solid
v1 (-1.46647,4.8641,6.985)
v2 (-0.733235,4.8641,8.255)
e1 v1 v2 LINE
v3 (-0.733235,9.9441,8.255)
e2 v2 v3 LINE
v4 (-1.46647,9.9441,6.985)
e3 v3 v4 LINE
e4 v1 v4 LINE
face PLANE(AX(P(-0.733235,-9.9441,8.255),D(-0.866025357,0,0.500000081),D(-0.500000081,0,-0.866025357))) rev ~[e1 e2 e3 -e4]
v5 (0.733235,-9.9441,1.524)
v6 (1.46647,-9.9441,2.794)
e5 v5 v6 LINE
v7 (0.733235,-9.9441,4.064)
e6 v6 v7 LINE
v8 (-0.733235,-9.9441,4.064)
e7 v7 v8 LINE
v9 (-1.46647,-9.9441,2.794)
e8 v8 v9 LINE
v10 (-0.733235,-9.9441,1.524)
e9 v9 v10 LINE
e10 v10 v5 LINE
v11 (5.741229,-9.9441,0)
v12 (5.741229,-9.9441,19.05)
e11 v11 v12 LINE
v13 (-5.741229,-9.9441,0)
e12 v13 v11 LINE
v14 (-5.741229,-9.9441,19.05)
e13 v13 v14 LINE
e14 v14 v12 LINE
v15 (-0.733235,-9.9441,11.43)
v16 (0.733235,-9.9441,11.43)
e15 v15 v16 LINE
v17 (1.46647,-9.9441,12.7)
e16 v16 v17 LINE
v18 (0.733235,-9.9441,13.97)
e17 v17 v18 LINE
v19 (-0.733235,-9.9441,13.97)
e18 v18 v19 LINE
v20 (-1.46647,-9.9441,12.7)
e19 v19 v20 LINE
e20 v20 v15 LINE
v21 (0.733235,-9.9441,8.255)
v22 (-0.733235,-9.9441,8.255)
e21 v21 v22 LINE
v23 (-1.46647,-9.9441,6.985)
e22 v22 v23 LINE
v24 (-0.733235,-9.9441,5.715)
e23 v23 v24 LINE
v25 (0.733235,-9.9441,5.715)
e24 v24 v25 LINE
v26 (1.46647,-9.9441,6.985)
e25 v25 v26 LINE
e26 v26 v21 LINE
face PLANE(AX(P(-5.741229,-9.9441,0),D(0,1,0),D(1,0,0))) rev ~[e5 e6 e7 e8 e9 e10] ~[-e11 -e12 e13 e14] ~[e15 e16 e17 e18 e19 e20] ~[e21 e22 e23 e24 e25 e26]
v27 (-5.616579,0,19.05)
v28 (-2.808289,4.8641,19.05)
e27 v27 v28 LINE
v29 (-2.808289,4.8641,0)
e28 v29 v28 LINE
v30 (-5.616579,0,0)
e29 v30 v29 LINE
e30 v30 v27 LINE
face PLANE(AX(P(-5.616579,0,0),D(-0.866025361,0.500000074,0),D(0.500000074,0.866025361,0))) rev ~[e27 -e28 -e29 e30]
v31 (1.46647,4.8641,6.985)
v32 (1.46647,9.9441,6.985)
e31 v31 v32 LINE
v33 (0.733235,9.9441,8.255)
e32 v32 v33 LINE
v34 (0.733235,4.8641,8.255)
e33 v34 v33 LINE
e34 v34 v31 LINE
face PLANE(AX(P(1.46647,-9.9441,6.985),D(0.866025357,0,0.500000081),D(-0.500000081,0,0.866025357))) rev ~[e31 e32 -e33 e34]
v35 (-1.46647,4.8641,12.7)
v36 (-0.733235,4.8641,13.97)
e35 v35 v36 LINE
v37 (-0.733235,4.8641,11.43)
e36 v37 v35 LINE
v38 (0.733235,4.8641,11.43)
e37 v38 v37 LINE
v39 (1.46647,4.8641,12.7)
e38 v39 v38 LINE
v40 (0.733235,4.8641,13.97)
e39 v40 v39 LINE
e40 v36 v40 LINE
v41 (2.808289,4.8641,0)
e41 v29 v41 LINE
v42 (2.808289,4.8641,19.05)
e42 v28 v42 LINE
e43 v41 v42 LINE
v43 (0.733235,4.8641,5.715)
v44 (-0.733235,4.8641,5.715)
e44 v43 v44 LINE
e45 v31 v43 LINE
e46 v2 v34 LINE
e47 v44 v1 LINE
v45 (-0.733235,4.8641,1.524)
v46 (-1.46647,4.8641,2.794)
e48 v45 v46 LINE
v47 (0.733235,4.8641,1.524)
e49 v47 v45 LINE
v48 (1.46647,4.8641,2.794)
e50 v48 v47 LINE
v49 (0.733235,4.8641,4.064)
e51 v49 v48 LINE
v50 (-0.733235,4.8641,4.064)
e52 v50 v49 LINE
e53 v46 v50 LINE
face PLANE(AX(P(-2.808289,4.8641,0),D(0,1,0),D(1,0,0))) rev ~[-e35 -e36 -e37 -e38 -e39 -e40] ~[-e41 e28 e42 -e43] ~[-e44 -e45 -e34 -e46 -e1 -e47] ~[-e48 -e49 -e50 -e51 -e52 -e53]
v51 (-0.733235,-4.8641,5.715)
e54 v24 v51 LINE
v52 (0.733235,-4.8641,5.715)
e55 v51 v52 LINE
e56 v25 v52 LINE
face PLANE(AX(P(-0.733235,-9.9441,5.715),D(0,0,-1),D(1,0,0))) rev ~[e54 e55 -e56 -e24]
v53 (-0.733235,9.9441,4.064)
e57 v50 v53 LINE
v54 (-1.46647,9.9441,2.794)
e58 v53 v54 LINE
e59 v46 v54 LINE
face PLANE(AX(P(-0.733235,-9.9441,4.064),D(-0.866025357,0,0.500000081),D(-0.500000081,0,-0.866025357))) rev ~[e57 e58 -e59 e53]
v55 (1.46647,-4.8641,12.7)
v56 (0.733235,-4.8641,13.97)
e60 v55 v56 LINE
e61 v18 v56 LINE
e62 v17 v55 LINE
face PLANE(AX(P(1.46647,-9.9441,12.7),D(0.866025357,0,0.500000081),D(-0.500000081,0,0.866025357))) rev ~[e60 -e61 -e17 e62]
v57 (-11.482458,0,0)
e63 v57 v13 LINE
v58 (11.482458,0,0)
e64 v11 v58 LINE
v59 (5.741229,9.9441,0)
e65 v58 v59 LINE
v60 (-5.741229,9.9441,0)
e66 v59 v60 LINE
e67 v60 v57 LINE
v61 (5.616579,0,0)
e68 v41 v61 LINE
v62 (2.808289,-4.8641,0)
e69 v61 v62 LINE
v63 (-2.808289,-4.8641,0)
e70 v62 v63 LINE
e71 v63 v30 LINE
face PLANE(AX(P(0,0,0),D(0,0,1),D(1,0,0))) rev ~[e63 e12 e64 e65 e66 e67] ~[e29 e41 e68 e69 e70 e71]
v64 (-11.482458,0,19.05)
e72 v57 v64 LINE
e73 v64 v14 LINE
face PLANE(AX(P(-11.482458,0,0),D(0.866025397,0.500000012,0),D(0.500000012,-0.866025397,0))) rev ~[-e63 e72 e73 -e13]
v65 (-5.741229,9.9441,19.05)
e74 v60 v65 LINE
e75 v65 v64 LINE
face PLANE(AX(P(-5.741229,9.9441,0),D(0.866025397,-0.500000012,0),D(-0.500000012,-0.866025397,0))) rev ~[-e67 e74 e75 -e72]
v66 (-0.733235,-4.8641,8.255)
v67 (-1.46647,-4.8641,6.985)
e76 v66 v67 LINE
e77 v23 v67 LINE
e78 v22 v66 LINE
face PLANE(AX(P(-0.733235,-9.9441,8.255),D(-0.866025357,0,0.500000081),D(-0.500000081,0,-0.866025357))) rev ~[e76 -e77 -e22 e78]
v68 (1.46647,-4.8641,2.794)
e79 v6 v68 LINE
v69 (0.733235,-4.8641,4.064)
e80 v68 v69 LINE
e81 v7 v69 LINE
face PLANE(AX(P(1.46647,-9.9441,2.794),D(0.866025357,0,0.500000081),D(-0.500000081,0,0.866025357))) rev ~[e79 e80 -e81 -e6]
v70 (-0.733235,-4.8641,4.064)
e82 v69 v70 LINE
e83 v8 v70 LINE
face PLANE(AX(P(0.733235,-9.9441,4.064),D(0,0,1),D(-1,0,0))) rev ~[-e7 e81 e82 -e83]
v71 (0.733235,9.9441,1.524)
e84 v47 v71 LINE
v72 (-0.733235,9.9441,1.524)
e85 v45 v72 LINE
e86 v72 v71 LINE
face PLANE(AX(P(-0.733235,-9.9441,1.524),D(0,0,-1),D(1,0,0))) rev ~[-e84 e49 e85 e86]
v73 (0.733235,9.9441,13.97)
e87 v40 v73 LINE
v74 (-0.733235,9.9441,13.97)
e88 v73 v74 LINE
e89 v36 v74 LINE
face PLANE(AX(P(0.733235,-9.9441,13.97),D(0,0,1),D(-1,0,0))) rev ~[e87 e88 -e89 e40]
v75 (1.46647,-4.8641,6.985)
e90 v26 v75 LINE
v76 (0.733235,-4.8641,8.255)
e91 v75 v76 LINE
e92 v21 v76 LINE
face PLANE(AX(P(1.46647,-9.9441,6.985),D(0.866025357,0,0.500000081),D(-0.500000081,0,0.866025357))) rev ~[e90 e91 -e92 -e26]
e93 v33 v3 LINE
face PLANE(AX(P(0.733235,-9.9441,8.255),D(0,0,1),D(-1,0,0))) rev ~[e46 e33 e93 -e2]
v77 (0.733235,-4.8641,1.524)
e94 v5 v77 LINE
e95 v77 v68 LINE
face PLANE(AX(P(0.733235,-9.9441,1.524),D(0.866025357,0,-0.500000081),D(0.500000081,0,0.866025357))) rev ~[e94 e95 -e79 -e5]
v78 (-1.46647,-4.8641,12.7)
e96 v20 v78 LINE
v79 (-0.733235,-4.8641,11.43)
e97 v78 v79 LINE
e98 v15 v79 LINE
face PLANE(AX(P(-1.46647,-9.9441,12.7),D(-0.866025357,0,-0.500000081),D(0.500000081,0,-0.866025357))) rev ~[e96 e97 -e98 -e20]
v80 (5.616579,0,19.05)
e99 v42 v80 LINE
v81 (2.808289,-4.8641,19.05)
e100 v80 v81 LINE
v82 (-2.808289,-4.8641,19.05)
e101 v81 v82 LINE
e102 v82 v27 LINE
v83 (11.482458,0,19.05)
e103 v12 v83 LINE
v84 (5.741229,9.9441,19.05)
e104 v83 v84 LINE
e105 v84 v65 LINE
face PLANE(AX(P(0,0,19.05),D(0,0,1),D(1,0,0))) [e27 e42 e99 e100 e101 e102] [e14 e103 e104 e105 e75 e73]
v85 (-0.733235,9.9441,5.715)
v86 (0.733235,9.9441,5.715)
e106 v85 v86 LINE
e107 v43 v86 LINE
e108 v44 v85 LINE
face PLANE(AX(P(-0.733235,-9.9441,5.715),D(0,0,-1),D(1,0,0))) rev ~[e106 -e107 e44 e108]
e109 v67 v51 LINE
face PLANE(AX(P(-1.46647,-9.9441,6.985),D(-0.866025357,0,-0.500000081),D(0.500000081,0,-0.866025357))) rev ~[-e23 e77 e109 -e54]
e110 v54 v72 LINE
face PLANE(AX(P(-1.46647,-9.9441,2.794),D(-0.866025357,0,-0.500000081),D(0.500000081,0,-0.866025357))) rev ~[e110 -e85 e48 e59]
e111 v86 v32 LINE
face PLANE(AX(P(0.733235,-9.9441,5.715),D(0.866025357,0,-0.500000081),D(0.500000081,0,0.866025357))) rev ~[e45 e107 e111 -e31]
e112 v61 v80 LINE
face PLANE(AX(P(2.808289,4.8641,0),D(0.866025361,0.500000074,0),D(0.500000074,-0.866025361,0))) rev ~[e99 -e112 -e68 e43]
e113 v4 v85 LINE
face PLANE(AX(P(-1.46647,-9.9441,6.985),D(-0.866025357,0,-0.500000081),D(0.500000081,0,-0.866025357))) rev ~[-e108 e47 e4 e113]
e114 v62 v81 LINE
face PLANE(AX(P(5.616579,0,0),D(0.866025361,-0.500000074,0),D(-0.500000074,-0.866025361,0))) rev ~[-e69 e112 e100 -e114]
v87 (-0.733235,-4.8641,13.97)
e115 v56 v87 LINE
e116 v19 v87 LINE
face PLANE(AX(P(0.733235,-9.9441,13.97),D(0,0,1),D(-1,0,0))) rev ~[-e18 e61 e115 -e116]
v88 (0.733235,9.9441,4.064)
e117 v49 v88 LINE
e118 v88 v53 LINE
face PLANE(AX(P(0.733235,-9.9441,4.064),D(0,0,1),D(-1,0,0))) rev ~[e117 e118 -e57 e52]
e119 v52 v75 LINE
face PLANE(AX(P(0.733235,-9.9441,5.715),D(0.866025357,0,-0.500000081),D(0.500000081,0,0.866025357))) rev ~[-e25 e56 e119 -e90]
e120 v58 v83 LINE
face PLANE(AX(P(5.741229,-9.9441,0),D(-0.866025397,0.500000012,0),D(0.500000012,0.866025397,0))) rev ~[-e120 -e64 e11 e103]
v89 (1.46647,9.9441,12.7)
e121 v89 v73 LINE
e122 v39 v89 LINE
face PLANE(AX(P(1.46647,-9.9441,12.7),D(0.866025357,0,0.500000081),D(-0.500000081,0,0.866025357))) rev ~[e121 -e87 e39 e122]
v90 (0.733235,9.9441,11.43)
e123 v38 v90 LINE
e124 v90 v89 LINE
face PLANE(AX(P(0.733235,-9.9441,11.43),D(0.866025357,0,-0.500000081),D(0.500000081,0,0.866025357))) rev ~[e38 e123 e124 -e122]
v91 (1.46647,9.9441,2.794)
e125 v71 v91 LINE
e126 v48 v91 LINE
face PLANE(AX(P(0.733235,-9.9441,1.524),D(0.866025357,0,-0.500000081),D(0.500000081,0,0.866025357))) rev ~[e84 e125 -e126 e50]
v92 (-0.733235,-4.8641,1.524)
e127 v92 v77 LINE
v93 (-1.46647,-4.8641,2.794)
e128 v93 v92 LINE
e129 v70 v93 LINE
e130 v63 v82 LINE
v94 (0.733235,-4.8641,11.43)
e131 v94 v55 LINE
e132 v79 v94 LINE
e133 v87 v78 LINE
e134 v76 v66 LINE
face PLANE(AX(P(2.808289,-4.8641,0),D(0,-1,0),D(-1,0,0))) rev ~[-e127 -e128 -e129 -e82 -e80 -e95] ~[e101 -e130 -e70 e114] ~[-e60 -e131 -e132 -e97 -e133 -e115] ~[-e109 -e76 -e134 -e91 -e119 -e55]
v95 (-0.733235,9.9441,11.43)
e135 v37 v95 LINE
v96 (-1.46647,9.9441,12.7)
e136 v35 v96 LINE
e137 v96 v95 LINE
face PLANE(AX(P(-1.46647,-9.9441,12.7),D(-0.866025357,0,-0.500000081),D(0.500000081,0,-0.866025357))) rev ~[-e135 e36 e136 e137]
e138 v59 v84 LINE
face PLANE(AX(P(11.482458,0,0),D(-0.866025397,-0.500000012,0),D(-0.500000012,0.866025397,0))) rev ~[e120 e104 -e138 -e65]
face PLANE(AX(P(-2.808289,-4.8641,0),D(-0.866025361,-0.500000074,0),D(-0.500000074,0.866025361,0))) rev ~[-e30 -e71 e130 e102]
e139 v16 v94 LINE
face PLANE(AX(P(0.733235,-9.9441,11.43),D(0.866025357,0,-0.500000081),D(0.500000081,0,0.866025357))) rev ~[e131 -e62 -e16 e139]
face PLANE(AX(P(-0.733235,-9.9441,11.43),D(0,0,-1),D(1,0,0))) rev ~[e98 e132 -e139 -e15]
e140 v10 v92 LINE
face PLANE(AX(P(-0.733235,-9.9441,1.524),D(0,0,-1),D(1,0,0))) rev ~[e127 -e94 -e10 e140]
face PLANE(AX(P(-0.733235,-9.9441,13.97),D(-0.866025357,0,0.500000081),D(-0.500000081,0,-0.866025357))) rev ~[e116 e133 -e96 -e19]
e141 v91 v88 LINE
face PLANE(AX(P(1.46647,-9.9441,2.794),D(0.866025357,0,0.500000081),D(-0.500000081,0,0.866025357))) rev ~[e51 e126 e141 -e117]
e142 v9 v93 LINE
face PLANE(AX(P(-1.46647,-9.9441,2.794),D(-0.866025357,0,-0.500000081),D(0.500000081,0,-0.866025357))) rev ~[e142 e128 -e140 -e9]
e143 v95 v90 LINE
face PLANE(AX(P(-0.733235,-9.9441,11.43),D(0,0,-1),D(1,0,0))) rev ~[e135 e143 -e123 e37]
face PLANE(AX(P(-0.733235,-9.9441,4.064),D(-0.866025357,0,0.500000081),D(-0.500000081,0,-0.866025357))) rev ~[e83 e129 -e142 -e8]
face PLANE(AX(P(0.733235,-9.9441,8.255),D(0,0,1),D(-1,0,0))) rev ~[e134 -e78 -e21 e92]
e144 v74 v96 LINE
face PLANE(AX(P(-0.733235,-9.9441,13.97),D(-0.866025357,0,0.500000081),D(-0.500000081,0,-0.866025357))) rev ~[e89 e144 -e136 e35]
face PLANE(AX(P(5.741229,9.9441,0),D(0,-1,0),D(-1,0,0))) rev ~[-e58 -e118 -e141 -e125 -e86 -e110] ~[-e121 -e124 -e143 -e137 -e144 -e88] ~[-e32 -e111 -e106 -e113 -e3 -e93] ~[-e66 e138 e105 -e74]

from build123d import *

# Parameters (mm, degrees)
F1_DEPTH = 19.05
F3_DEPTH = 19.8892


with BuildPart() as f1:
    # F0 (on Top) → F1 (new body)
    with BuildSketch(Plane.XY):
        Polygon((5.741229, 9.9441), (-5.741229, 9.9441), (-11.482458, 0), (-5.741229, -9.9441), (5.741229, -9.9441), (11.482458, 0), align=None)
        Polygon((-5.616579, 0), (-2.808289, 4.8641), (2.808289, 4.8641), (5.616579, 0), (2.808289, -4.8641), (-2.808289, -4.8641), align=None, mode=Mode.SUBTRACT)
    extrude(amount=F1_DEPTH)

    # F2 (on face) → F3 (cut, through all)
    with BuildSketch(Plane.XZ.offset(9.9441)):
        Polygon((0.733235, 13.97), (-0.733235, 13.97), (-1.46647, 12.7), (-0.733235, 11.43), (0.733235, 11.43), (1.46647, 12.7), align=None)
        Polygon((0.733235, 8.255), (-0.733235, 8.255), (-1.46647, 6.985), (-0.733235, 5.715), (0.733235, 5.715), (1.46647, 6.985), align=None)
        Polygon((0.733235, 4.064), (-0.733235, 4.064), (-1.46647, 2.794), (-0.733235, 1.524), (0.733235, 1.524), (1.46647, 2.794), align=None)
    extrude(amount=-F3_DEPTH, mode=Mode.SUBTRACT)


solid = f1.part
